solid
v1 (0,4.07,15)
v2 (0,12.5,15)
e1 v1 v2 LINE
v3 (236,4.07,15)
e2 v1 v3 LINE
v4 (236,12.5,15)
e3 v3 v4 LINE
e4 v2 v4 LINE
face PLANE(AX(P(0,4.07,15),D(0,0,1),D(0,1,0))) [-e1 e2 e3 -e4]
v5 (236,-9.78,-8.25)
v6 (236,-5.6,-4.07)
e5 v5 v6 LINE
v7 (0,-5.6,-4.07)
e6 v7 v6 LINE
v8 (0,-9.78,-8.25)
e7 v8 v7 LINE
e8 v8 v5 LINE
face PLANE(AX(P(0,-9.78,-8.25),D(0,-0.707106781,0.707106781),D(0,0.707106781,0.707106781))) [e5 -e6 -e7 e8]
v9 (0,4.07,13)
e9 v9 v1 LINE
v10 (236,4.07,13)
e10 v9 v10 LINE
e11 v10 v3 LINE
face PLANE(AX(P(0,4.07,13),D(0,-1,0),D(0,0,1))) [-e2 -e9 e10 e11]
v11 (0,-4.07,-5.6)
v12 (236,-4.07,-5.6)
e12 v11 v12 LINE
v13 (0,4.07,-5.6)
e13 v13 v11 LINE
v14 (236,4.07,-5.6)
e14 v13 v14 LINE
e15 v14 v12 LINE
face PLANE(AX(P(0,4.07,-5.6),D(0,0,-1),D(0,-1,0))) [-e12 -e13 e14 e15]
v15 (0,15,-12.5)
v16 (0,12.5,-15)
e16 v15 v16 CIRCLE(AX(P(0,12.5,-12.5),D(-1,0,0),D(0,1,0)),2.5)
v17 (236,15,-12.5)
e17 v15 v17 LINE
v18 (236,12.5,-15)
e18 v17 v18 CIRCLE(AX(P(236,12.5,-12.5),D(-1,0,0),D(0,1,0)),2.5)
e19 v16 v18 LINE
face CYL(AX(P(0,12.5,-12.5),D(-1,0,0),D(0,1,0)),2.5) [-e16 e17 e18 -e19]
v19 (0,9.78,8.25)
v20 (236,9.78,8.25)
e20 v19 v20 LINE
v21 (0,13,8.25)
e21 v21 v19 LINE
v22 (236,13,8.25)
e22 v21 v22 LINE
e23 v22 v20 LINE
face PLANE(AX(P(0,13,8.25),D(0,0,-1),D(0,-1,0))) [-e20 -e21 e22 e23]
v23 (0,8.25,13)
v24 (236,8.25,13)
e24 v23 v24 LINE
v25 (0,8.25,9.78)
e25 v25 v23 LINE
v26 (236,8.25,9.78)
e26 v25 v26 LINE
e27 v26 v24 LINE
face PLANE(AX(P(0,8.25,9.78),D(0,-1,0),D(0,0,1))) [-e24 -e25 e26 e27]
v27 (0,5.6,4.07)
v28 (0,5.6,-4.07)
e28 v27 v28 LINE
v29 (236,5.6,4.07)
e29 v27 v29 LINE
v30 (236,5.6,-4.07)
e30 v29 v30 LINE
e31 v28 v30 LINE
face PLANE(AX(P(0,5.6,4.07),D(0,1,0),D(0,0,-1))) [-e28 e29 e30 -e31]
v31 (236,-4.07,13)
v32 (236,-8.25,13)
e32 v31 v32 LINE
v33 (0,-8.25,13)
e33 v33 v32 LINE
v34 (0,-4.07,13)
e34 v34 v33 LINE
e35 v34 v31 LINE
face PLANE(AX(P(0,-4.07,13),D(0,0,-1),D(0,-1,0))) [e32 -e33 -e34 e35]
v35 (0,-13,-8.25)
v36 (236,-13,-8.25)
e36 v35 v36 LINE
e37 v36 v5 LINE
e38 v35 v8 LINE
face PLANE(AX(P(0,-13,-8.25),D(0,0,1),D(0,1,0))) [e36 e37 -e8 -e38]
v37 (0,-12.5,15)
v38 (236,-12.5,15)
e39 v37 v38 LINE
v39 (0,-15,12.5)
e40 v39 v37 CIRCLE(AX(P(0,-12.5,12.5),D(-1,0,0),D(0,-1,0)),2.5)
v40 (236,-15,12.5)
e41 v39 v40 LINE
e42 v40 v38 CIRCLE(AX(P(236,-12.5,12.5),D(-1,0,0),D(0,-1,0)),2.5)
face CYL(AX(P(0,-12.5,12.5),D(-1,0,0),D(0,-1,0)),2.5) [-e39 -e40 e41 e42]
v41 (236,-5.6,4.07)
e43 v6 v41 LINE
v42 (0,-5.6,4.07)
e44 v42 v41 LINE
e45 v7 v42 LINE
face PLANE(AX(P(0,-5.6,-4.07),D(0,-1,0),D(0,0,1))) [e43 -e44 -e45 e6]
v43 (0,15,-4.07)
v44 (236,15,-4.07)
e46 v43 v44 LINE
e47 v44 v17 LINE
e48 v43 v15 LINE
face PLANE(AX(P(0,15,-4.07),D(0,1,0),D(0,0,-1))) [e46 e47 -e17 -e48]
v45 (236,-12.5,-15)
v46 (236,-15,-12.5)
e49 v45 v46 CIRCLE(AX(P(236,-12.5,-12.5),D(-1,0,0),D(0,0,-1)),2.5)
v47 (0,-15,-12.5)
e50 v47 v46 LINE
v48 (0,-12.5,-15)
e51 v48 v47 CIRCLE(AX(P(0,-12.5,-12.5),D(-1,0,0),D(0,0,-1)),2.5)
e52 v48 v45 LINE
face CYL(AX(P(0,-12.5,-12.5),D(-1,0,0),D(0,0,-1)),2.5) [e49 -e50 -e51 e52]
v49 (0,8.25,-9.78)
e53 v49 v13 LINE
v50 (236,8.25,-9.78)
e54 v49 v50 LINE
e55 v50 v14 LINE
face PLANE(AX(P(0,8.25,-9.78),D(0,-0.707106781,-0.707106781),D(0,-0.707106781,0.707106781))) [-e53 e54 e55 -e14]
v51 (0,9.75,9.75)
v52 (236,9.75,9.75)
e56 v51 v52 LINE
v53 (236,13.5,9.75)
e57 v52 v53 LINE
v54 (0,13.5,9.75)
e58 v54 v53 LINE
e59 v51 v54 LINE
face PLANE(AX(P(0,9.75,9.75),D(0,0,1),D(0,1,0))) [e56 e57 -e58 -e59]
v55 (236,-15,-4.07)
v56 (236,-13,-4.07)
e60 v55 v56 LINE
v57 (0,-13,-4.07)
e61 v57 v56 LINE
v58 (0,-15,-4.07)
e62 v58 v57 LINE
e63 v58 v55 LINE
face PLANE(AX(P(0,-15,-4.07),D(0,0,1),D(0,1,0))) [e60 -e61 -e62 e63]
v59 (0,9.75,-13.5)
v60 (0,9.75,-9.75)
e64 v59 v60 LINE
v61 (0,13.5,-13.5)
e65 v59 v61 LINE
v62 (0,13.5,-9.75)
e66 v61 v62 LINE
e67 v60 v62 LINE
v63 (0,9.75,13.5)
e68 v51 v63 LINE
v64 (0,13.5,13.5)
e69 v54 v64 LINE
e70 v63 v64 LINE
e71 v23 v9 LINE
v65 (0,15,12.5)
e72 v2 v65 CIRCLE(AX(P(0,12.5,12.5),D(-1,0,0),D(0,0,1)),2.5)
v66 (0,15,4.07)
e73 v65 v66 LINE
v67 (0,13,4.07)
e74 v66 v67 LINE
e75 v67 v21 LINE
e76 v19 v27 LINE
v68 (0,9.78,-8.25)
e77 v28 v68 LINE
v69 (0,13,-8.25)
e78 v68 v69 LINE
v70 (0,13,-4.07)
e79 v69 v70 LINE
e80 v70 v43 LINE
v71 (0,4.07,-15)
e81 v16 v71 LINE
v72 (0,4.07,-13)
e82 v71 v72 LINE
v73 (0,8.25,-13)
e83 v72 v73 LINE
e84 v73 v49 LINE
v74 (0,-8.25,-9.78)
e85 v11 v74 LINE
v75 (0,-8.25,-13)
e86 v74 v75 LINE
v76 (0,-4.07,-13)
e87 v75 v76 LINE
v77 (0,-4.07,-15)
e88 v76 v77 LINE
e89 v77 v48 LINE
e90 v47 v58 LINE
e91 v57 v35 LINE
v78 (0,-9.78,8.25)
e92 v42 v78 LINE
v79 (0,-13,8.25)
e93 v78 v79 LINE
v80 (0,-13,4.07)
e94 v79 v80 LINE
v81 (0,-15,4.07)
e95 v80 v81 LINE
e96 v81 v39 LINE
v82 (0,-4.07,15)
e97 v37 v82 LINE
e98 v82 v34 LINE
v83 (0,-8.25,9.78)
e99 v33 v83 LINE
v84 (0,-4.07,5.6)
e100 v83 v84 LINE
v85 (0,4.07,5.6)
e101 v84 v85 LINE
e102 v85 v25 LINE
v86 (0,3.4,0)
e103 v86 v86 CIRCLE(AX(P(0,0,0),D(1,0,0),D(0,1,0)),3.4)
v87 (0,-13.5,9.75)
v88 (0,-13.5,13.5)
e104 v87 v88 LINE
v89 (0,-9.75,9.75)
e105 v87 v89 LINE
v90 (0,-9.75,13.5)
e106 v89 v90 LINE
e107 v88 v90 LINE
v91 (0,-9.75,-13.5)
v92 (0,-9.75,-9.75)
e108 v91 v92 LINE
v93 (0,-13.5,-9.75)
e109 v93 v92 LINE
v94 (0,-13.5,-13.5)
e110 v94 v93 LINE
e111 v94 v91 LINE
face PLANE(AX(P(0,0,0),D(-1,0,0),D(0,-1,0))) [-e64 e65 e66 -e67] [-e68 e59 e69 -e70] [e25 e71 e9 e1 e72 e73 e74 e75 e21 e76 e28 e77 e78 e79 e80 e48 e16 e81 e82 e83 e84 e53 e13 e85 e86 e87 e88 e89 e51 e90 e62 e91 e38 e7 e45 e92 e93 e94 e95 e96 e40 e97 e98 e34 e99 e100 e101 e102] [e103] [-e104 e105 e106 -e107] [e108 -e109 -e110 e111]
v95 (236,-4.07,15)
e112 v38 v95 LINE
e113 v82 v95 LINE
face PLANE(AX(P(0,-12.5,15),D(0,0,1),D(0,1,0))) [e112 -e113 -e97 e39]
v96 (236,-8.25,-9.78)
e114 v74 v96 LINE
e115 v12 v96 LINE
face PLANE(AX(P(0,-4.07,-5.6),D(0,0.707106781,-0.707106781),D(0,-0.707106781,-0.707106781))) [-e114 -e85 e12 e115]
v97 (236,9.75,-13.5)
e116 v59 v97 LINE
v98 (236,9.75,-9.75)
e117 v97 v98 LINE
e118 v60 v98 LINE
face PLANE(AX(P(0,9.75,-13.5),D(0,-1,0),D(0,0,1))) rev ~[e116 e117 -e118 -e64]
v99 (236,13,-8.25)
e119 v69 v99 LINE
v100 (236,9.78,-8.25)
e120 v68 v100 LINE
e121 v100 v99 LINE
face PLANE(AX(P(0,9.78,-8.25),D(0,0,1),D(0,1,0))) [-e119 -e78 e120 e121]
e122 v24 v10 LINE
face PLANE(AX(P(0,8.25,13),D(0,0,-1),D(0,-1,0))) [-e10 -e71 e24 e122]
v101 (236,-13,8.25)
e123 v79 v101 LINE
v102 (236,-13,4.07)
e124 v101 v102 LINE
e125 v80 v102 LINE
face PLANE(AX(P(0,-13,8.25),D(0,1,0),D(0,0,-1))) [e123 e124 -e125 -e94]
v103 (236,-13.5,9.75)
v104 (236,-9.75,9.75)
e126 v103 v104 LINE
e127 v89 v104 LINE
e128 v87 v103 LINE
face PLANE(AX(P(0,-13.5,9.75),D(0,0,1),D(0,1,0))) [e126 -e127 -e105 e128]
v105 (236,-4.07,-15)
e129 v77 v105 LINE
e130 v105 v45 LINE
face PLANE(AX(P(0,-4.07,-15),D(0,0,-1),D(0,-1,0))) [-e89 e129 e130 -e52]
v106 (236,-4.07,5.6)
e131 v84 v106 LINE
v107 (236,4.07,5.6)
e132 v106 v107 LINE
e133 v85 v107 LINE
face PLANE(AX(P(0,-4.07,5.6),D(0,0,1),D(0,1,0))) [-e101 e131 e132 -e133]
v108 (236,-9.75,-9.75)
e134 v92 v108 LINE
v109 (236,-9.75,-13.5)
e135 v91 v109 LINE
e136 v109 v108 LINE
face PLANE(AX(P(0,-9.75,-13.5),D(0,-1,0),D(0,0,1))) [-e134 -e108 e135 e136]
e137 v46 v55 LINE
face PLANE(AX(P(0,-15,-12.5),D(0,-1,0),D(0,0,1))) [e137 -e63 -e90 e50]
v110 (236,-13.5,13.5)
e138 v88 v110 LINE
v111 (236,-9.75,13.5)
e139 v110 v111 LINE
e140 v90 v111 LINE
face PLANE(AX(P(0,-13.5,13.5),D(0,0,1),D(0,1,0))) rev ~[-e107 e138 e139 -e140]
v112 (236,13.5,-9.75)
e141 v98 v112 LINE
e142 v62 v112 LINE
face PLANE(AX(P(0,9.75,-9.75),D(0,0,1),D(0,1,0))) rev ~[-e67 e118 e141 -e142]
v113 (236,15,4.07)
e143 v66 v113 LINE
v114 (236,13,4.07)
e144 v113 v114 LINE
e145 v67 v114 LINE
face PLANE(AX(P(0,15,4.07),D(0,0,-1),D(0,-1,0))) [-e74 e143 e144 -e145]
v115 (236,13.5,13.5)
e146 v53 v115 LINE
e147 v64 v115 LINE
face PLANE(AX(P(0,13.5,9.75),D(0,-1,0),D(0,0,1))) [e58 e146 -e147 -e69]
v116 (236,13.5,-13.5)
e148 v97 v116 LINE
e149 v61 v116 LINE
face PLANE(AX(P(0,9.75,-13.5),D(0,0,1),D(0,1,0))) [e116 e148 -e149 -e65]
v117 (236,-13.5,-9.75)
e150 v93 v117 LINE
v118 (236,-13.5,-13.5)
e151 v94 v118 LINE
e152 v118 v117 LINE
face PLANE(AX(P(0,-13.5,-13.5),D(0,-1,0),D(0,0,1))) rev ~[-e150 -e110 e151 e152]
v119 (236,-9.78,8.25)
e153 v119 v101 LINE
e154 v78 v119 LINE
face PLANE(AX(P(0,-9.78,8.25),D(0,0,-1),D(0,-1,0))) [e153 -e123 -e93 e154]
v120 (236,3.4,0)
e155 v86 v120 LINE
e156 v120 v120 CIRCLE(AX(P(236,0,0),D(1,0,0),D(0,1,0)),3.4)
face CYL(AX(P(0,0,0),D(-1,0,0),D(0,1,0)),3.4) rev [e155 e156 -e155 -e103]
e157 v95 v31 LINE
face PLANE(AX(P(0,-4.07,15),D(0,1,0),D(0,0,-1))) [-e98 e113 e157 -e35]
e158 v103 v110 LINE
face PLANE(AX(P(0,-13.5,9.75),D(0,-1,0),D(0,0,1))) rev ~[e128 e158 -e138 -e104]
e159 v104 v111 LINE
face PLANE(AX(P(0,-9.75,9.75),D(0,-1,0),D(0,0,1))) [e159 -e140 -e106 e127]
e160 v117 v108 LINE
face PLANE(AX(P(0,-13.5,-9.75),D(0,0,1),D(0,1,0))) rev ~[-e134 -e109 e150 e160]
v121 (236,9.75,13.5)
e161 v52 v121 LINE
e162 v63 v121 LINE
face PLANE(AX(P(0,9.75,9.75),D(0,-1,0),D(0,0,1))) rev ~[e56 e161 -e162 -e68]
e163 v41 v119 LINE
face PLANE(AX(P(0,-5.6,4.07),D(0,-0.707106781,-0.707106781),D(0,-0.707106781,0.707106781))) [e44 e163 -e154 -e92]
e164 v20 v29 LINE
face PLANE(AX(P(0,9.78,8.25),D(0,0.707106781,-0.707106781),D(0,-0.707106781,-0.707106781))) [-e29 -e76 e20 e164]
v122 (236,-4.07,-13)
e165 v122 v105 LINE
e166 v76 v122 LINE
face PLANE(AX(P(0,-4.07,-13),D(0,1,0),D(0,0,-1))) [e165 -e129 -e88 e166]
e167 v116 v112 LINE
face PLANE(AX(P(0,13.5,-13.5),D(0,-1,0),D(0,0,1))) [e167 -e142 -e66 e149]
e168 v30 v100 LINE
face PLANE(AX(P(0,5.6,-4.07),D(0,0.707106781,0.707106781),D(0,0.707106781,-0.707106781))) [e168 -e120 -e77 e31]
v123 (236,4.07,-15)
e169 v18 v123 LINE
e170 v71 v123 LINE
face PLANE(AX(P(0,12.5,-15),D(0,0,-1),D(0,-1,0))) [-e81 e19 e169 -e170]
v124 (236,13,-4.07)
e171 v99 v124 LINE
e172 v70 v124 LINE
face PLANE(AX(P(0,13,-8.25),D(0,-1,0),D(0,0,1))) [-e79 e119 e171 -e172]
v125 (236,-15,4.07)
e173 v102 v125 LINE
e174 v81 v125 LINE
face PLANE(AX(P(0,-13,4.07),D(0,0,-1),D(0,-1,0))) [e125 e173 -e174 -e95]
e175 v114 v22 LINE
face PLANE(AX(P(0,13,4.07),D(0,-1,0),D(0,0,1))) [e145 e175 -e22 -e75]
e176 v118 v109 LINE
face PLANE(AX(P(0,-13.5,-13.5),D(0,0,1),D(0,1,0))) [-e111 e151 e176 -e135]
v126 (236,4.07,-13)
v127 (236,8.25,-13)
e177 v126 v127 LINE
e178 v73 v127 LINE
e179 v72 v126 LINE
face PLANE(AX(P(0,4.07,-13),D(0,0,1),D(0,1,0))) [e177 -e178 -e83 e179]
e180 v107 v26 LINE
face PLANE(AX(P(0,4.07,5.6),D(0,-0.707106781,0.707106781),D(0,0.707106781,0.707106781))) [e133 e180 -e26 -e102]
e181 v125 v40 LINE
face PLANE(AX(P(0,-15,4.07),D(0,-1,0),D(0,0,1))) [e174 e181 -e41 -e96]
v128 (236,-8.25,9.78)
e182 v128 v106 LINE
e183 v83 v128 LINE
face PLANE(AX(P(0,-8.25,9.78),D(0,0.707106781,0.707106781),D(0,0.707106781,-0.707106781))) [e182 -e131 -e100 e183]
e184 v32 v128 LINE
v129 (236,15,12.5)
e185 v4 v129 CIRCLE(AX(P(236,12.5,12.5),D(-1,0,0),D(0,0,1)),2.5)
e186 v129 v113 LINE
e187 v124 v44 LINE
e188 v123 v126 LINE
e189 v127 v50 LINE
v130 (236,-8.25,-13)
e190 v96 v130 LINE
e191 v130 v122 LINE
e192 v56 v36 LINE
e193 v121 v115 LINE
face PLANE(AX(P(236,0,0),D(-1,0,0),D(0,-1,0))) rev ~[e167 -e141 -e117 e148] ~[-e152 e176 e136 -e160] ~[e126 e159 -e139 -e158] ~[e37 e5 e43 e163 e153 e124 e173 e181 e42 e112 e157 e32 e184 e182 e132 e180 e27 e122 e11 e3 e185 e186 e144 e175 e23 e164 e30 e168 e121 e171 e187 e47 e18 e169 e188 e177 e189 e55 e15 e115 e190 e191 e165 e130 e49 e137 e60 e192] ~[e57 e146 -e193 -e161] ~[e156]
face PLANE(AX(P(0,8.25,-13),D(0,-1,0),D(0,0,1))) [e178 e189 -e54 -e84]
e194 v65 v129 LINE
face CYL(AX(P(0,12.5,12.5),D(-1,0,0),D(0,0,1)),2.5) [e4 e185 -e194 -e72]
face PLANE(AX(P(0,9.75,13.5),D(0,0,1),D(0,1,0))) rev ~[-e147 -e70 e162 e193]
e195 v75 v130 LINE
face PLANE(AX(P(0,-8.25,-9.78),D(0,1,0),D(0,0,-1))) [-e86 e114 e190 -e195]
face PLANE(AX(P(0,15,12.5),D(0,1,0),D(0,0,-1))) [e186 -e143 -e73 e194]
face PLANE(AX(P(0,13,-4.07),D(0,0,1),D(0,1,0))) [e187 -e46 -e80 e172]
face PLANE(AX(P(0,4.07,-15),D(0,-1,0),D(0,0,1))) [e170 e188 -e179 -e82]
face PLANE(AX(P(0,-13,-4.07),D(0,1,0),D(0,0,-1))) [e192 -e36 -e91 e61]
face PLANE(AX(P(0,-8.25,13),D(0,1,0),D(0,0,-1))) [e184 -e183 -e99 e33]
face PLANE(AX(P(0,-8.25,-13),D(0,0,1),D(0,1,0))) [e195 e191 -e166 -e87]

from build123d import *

# Parameters (mm, degrees)
SKETCH11_R                     = 3.4
SKETCH11_W                     = 3.75
SKETCH11_H                     = 3.75
T_SLOT_PROFILES_3030_2_1_DEPTH = 236


with BuildPart() as part:
    # Sketch11 → T-slot profiles 3030_2(1) (new body)
    with BuildSketch(Plane.YZ):
        with BuildLine():
            Line((-4.07, 5.6), (4.07, 5.6))
            Line((4.07, 5.6), (8.25, 9.78))
            Line((8.25, 9.78), (8.25, 13))
            Line((8.25, 13), (4.07, 13))
            Line((4.07, 13), (4.07, 15))
            Line((4.07, 15), (12.5, 15))
            ThreePointArc((12.5, 15), (14.267766953, 14.267766953), (15, 12.5))
            Line((15, 12.5), (15, 4.07))
            Line((15, 4.07), (13, 4.07))
            Line((13, 4.07), (13, 8.25))
            Line((13, 8.25), (9.78, 8.25))
            Line((9.78, 8.25), (5.6, 4.07))
            Line((5.6, 4.07), (5.6, -4.07))
            Line((5.6, -4.07), (9.78, -8.25))
            Line((9.78, -8.25), (13, -8.25))
            Line((13, -8.25), (13, -4.07))
            Line((13, -4.07), (15, -4.07))
            Line((15, -4.07), (15, -12.5))
            ThreePointArc((15, -12.5), (14.267766953, -14.267766953), (12.5, -15))
            Line((12.5, -15), (4.07, -15))
            Line((4.07, -15), (4.07, -13))
            Line((4.07, -13), (8.25, -13))
            Line((8.25, -13), (8.25, -9.78))
            Line((8.25, -9.78), (4.07, -5.6))
            Line((4.07, -5.6), (-4.07, -5.6))
            Line((-4.07, -5.6), (-8.25, -9.78))
            Line((-8.25, -9.78), (-8.25, -13))
            Line((-8.25, -13), (-4.07, -13))
            Line((-4.07, -13), (-4.07, -15))
            Line((-4.07, -15), (-12.5, -15))
            ThreePointArc((-12.5, -15), (-14.267766953, -14.267766953), (-15, -12.5))
            Line((-15, -12.5), (-15, -4.07))
            Line((-15, -4.07), (-13, -4.07))
            Line((-13, -4.07), (-13, -8.25))
            Line((-13, -8.25), (-9.78, -8.25))
            Line((-9.78, -8.25), (-5.6, -4.07))
            Line((-5.6, -4.07), (-5.6, 4.07))
            Line((-5.6, 4.07), (-9.78, 8.25))
            Line((-9.78, 8.25), (-13, 8.25))
            Line((-13, 8.25), (-13, 4.07))
            Line((-13, 4.07), (-15, 4.07))
            Line((-15, 4.07), (-15, 12.5))
            ThreePointArc((-15, 12.5), (-14.267766953, 14.267766953), (-12.5, 15))
            Line((-12.5, 15), (-4.07, 15))
            Line((-4.07, 15), (-4.07, 13))
            Line((-4.07, 13), (-8.25, 13))
            Line((-8.25, 13), (-8.25, 9.78))
            Line((-8.25, 9.78), (-4.07, 5.6))
        make_face()
        Circle(SKETCH11_R, mode=Mode.SUBTRACT)
        with Locations((11.625, 11.625)):
            Rectangle(SKETCH11_W, SKETCH11_H, mode=Mode.SUBTRACT)
        with Locations((11.625, -11.625)):
            Rectangle(SKETCH11_W, SKETCH11_H, mode=Mode.SUBTRACT)
        with Locations((-11.625, 11.625)):
            Rectangle(SKETCH11_W, SKETCH11_H, mode=Mode.SUBTRACT)
        with Locations((-11.625, -11.625)):
            Rectangle(SKETCH11_W, SKETCH11_H, mode=Mode.SUBTRACT)
    extrude(amount=T_SLOT_PROFILES_3030_2_1_DEPTH)


solid = part.part
